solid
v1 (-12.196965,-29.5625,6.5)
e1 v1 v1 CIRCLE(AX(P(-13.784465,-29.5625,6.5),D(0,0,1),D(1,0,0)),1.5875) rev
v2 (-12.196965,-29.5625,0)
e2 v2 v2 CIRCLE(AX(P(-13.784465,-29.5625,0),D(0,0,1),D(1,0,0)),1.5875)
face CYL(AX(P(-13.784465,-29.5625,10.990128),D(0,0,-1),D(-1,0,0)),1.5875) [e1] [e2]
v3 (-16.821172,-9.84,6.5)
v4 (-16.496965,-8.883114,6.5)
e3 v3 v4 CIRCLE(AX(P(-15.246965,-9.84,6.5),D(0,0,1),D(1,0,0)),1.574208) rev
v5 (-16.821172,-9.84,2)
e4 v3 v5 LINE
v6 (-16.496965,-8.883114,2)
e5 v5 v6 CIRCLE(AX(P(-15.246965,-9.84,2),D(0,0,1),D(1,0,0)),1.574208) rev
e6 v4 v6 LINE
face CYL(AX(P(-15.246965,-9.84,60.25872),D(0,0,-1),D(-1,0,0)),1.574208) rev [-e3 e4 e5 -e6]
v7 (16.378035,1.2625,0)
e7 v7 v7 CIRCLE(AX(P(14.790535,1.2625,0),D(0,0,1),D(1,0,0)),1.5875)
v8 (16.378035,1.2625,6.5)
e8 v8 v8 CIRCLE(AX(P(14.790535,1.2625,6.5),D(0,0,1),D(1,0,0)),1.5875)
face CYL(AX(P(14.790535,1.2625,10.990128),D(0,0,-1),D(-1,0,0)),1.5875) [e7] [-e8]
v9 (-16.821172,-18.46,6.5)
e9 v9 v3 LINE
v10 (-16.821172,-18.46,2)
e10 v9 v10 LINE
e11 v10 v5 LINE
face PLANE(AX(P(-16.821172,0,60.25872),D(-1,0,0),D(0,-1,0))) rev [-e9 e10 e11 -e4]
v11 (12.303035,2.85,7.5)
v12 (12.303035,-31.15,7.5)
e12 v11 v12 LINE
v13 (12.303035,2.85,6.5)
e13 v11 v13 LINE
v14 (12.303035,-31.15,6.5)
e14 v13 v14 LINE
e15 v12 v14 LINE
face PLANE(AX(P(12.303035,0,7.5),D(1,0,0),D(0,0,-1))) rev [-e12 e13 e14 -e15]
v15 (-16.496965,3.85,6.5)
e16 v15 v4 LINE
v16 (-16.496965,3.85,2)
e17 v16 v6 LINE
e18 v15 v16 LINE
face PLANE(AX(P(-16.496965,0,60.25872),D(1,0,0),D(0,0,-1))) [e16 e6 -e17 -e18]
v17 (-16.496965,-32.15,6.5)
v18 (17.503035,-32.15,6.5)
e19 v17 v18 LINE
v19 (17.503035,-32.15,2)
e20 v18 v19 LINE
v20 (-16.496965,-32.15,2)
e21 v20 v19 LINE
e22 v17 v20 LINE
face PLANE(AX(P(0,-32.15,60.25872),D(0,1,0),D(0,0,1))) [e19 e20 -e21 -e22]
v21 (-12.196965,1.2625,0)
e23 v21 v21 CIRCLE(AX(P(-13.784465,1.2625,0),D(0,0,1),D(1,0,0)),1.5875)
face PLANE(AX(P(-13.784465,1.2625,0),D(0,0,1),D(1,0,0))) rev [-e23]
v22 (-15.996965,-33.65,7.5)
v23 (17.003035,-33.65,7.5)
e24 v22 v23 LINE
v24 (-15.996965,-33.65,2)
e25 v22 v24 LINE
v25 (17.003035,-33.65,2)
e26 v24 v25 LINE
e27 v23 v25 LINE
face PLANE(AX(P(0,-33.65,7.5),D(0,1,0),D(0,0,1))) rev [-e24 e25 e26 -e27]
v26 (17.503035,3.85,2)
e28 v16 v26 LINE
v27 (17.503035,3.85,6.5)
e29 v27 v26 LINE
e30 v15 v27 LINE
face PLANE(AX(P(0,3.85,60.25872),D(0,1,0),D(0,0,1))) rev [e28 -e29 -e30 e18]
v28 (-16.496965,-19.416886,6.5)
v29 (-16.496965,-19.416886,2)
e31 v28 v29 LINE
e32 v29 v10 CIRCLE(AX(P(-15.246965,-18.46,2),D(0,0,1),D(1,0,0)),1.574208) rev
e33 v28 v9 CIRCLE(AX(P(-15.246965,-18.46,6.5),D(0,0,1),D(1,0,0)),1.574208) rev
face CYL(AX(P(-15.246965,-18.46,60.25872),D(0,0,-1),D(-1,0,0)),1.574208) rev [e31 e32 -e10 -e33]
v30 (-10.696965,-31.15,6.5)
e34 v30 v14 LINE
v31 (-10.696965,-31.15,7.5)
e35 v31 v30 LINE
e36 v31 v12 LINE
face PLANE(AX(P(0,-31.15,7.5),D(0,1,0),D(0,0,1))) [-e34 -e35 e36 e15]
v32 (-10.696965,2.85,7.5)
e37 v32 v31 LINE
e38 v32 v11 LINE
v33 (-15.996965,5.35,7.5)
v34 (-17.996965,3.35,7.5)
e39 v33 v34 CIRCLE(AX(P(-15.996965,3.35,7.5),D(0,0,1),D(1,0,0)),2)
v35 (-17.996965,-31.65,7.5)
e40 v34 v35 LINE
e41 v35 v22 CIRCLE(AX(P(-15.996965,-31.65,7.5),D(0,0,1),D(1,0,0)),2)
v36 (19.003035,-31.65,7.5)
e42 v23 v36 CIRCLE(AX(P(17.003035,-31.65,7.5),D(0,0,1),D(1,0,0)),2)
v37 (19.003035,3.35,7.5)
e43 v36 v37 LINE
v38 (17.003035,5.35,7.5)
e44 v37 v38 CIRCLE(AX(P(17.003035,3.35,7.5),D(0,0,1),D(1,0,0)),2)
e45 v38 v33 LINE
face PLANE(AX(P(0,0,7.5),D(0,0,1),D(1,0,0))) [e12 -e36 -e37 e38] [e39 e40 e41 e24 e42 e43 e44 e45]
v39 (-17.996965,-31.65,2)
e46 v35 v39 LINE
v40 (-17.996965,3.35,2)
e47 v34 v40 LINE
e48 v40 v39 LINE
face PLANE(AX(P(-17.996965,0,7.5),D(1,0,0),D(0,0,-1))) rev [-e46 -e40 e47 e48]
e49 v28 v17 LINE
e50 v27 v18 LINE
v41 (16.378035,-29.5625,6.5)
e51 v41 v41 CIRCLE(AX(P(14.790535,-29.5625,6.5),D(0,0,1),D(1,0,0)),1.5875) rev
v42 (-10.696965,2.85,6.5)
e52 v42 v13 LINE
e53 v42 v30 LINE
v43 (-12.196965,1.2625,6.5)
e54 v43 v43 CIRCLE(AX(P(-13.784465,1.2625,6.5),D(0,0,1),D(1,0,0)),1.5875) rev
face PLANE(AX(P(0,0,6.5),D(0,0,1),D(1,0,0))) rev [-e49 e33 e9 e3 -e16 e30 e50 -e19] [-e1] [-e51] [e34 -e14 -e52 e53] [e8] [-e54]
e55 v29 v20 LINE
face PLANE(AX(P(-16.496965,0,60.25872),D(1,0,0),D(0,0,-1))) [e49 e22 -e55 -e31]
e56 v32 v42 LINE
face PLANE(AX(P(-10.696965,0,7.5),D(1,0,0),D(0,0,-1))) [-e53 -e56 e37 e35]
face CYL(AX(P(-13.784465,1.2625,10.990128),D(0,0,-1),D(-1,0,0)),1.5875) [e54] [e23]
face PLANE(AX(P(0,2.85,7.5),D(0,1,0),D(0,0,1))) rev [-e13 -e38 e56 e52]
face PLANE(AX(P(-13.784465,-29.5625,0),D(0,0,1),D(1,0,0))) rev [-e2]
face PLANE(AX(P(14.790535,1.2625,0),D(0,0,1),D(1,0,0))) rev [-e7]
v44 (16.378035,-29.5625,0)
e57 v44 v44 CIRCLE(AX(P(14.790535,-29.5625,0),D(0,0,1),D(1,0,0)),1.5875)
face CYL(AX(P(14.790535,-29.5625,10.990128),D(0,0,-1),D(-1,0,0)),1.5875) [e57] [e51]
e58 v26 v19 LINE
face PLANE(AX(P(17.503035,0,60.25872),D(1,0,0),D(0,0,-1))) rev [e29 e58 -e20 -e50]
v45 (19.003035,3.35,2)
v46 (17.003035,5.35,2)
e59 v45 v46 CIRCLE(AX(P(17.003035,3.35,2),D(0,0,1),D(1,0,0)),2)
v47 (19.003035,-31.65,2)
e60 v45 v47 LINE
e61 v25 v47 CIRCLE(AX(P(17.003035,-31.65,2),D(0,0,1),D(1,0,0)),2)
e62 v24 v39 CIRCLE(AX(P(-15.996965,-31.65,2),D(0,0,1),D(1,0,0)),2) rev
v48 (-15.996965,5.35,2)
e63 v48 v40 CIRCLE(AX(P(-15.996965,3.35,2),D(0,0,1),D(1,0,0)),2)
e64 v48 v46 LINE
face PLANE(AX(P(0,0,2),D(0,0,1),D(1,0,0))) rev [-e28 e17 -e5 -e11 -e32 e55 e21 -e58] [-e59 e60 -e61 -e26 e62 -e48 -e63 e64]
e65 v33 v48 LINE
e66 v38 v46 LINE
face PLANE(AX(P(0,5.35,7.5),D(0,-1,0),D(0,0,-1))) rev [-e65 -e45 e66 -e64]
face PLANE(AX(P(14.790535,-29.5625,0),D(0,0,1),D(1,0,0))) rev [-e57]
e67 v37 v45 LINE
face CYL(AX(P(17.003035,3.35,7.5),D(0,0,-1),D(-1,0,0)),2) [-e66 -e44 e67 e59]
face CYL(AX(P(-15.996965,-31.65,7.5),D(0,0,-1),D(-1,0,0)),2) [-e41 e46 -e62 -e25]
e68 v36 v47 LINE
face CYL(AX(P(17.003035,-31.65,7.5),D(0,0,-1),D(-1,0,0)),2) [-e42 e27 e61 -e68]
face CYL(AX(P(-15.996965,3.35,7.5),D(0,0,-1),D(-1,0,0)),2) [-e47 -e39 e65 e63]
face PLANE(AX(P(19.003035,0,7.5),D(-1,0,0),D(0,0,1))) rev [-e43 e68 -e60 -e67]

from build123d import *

# Parameters (mm, degrees)
CROQUIS1_R                = 1.5875
SALIENTE_EXTRUIR1_DEPTH   = 6.5
SALIENTE_EXTRUIR1_2_DEPTH = 6.5
SALIENTE_EXTRUIR1_3_DEPTH = 6.5
SALIENTE_EXTRUIR1_4_DEPTH = 6.5
SALIENTE_EXTRUIR2_DEPTH   = 4.5
CROQUIS3_W                = 23
CROQUIS3_H                = 34
SALIENTE_EXTRUIR3_DEPTH   = 1


with BuildPart() as part:
    # Croquis1 → Saliente-Extruir1 (new body)
    with BuildSketch(Plane.XY):
        with Locations((14.790535489, 1.2625)):
            Circle(CROQUIS1_R)
    extrude(amount=SALIENTE_EXTRUIR1_DEPTH)



with BuildPart() as body_2:
    # Croquis1 → Saliente-Extruir1 2 (new body)
    with BuildSketch(Plane.XY):
        with Locations((14.790535489, -29.5625)):
            Circle(CROQUIS1_R)
    extrude(amount=SALIENTE_EXTRUIR1_2_DEPTH)


with BuildPart() as body_3:
    # Croquis1 → Saliente-Extruir1 3 (new body)
    with BuildSketch(Plane.XY):
        with Locations((-13.784464511, -29.5625)):
            Circle(CROQUIS1_R)
    extrude(amount=SALIENTE_EXTRUIR1_3_DEPTH)


with BuildPart() as body_4:
    # Croquis1 → Saliente-Extruir1 4 (new body)
    with BuildSketch(Plane.XY):
        with Locations((-13.784464511, 1.2625)):
            Circle(CROQUIS1_R)
    extrude(amount=SALIENTE_EXTRUIR1_4_DEPTH)


with BuildPart() as body_5:
    # Croquis2 → Saliente-Extruir2 (new body)
    with BuildSketch(Plane.XY.offset(2)):
        with BuildLine():
            ThreePointArc((-15.996964511, 5.35), (-17.411178073, 4.764213562), (-17.996964511, 3.35))
            Line((-17.996964511, 3.35), (-17.996964511, -31.65))
            ThreePointArc((-17.996964511, -31.65), (-17.411178073, -33.064213562), (-15.996964511, -33.65))
            Line((-15.996964511, -33.65), (17.003035489, -33.65))
            ThreePointArc((17.003035489, -33.65), (18.417249051, -33.064213562), (19.003035489, -31.65))
            Line((19.003035489, -31.65), (19.003035489, 3.35))
            ThreePointArc((19.003035489, 3.35), (18.417249051, 4.764213562), (17.003035489, 5.35))
            Line((17.003035489, 5.35), (-15.996964511, 5.35))
        make_face()
        with BuildLine():
            Line((-16.496964511, -8.883114021), (-16.496964511, 3.85))
            Line((-16.496964511, 3.85), (17.503035489, 3.85))
            Line((17.503035489, 3.85), (17.503035489, -32.15))
            Line((17.503035489, -32.15), (-16.496964511, -32.15))
            Line((-16.496964511, -32.15), (-16.496964511, -19.416885979))
            ThreePointArc((-16.496964511, -19.416885979), (-16.73791903, -18.965158785), (-16.821172495, -18.46))
            Line((-16.821172495, -18.46), (-16.821172495, -9.84))
            ThreePointArc((-16.821172495, -9.84), (-16.73791903, -9.334841215), (-16.496964511, -8.883114021))
        make_face(mode=Mode.SUBTRACT)
    extrude(amount=SALIENTE_EXTRUIR2_DEPTH)


with BuildPart() as part_1:
    add(part.part)

    add(body_2.part)  # Saliente-Extruir3 merges body 2

    add(body_3.part)  # Saliente-Extruir3 merges body 3

    add(body_4.part)  # Saliente-Extruir3 merges body 4

    add(body_5.part)  # Saliente-Extruir3 merges body 5
    # Croquis3 → Saliente-Extruir3 (add)
    with BuildSketch(Plane.XY.offset(6.5)):
        with BuildLine():
            ThreePointArc((19.003035489, 3.35), (18.417249051, 4.764213562), (17.003035489, 5.35))
            Line((17.003035489, 5.35), (-15.996964511, 5.35))
            ThreePointArc((-15.996964511, 5.35), (-17.411178073, 4.764213562), (-17.996964511, 3.35))
            Line((-17.996964511, 3.35), (-17.996964511, -31.65))
            ThreePointArc((-17.996964511, -31.65), (-17.411178073, -33.064213562), (-15.996964511, -33.65))
            Line((-15.996964511, -33.65), (17.003035489, -33.65))
            ThreePointArc((17.003035489, -33.65), (18.417249051, -33.064213562), (19.003035489, -31.65))
            Line((19.003035489, -31.65), (19.003035489, 3.35))
        make_face()
        with BuildLine():
            ThreePointArc((-16.821172495, -9.84), (-16.73791903, -9.334841215), (-16.496964511, -8.883114021))
            Line((-16.496964511, -8.883114021), (-16.496964511, 3.85))
            Line((-16.496964511, 3.85), (17.503035489, 3.85))
            Line((17.503035489, 3.85), (17.503035489, -32.15))
            Line((17.503035489, -32.15), (-16.496964511, -32.15))
            Line((-16.496964511, -32.15), (-16.496964511, -19.416885979))
            ThreePointArc((-16.496964511, -19.416885979), (-16.73791903, -18.965158785), (-16.821172495, -18.46))
            Line((-16.821172495, -18.46), (-16.821172495, -9.84))
        make_face(mode=Mode.SUBTRACT)
        with BuildLine():
            Line((-16.496964511, -8.883114021), (-16.496964511, 3.85))
            Line((-16.496964511, 3.85), (17.503035489, 3.85))
            Line((17.503035489, 3.85), (17.503035489, -32.15))
            Line((17.503035489, -32.15), (-16.496964511, -32.15))
            Line((-16.496964511, -32.15), (-16.496964511, -19.416885979))
            ThreePointArc((-16.496964511, -19.416885979), (-16.73791903, -18.965158785), (-16.821172495, -18.46))
            Line((-16.821172495, -18.46), (-16.821172495, -9.84))
            ThreePointArc((-16.821172495, -9.84), (-16.73791903, -9.334841215), (-16.496964511, -8.883114021))
        make_face()
        with Locations((0.803035489, -14.15)):
            Rectangle(CROQUIS3_W, CROQUIS3_H, mode=Mode.SUBTRACT)
    extrude(amount=SALIENTE_EXTRUIR3_DEPTH)


solid = part_1.part
